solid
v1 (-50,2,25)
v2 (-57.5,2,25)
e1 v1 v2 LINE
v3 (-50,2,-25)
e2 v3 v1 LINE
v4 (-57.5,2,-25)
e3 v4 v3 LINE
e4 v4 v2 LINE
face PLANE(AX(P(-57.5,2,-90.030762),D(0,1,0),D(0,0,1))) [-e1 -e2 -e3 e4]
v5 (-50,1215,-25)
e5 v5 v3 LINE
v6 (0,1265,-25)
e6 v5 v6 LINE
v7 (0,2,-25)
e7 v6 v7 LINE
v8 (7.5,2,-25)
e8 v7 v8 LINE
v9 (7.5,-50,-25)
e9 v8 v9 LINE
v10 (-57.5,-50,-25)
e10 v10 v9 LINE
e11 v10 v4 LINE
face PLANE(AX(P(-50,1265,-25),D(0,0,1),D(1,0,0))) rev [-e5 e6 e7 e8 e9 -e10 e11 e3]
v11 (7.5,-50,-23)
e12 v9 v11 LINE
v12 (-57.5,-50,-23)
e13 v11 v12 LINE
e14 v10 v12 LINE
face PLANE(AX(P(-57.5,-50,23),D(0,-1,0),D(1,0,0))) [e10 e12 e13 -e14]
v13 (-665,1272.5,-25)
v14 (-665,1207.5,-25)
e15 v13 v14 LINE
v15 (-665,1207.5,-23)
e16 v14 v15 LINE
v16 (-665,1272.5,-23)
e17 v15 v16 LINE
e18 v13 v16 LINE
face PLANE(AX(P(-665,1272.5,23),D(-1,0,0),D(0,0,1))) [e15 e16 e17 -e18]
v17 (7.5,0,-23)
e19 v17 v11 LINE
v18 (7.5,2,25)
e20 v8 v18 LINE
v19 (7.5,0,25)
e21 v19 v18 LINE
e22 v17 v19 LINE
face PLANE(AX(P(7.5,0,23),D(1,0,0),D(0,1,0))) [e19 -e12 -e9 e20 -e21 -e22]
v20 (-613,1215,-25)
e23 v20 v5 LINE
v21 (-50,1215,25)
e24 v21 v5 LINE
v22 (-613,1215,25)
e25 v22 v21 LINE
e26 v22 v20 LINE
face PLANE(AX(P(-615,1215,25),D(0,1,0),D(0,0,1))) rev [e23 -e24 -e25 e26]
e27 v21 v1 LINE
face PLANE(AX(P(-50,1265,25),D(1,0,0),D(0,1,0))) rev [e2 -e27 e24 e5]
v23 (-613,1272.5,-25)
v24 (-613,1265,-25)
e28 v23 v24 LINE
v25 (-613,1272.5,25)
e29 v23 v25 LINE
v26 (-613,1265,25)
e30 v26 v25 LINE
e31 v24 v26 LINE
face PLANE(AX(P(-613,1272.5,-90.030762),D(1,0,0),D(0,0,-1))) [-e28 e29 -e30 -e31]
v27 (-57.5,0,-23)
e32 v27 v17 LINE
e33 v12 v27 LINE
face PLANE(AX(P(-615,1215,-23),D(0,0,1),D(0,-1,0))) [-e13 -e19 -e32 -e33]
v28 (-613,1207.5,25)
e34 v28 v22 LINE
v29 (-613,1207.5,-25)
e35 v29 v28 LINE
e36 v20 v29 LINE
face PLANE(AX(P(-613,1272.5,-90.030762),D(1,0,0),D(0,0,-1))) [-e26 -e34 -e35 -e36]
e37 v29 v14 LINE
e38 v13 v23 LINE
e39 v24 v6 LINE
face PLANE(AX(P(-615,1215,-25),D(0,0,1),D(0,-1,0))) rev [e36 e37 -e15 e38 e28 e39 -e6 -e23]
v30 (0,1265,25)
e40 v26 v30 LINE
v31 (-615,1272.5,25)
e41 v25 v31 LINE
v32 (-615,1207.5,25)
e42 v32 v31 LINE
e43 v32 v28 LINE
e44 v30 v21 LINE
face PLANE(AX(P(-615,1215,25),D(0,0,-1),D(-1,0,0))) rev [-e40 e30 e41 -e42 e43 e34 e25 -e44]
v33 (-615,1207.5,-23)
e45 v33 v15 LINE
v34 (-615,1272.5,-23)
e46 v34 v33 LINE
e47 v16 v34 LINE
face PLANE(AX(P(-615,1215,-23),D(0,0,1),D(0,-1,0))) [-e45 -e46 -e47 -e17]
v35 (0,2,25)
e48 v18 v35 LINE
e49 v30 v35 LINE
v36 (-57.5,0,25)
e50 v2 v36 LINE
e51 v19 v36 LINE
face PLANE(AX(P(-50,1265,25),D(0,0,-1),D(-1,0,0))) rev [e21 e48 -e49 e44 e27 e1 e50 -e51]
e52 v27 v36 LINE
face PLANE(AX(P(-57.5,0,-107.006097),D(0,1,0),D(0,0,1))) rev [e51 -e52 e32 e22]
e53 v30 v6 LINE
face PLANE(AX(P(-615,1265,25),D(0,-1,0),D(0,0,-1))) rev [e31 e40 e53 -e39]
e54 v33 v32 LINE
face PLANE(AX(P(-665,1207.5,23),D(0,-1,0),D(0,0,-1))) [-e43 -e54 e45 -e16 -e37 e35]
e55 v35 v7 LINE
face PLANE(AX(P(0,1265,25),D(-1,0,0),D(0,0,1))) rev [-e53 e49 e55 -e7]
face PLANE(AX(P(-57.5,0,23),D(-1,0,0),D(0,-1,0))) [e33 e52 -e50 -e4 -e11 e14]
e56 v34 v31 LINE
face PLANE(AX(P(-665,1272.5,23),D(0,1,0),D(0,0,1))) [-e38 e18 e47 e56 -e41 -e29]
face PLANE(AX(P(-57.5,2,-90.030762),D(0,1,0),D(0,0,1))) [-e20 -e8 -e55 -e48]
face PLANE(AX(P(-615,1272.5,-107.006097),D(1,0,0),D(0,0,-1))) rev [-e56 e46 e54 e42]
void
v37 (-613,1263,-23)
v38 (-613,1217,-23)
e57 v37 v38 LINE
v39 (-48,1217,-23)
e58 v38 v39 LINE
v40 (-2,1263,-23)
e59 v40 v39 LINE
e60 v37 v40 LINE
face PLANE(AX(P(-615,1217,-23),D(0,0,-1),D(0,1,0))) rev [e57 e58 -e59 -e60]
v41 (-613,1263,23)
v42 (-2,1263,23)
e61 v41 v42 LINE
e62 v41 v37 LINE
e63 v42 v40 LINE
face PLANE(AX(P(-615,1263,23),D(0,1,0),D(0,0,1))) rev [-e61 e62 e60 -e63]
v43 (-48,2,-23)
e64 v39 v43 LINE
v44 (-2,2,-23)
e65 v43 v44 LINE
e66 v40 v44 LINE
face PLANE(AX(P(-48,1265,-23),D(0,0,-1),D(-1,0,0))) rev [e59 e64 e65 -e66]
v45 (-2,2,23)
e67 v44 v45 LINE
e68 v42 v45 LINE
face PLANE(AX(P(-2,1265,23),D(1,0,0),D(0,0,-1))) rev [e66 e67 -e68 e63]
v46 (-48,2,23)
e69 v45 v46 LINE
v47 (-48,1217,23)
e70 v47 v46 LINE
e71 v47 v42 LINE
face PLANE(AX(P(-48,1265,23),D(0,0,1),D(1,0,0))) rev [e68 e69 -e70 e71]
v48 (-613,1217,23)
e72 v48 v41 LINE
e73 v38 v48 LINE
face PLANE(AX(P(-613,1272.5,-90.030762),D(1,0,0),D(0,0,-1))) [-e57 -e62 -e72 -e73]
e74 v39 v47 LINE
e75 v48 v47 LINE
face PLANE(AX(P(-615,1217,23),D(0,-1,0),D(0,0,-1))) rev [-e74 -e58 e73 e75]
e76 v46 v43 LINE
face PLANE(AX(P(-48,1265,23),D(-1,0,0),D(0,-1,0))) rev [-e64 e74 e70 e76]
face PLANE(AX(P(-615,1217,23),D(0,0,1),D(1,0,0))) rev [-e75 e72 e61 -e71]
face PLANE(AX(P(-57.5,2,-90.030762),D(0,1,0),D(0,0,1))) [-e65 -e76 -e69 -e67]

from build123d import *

# Parameters (mm, degrees)
SKETCH2_W           = 50
SKETCH2_H           = 50
SKETCH2_W_2         = 46
SKETCH2_H_2         = 46
SKETCH3_W           = 65
SKETCH3_H           = 50
BOSS_EXTRUDE1_DEPTH = 2
SKETCH4_W           = 50
SKETCH4_H           = 65
BOSS_EXTRUDE2_DEPTH = 2
SKETCH5_W           = 2
SKETCH5_H           = 65
SKETCH5_W_2         = 65
SKETCH5_H_2         = 2
BOSS_EXTRUDE3_DEPTH = 50
SKETCH6_W           = 65
SKETCH6_H           = 50
SKETCH6_W_2         = 50
SKETCH6_H_2         = 65
BOSS_EXTRUDE4_DEPTH = 48
SKETCH7_W           = 50
SKETCH7_H           = 65
SKETCH7_W_2         = 65
SKETCH7_H_2         = 50
CUT_EXTRUDE1_DEPTH  = 48


with BuildPart() as part:
    # Sweep1: sweep along a path in Sketch1
    with BuildLine(Plane.XY) as sweep1_path:
        Line((-615, 1265), (0, 1265))
        Line((0, 1265), (0, 0))
    # Sketch2 → Sweep1 (sweep)
    with BuildSketch(Plane(origin=(0, 0, 0), x_dir=(1, 0, 0), z_dir=(0, 1, 0))):
        with Locations((-25, 0)):
            Rectangle(SKETCH2_W, SKETCH2_H)
        with Locations((-25, 0)):
            Rectangle(SKETCH2_W_2, SKETCH2_H_2, mode=Mode.SUBTRACT)
    sweep(path=sweep1_path.line, transition=Transition.RIGHT)

    # Sketch3 → Boss-Extrude1 (add)
    with BuildSketch(Plane.XY.offset(25)):
        with Locations((-25, -25)):
            Rectangle(SKETCH3_W, SKETCH3_H)
    extrude(amount=-BOSS_EXTRUDE1_DEPTH)

    # Sketch4 → Boss-Extrude2 (add)
    with BuildSketch(Plane.XY.offset(25)):
        with Locations((-640, 1240)):
            Rectangle(SKETCH4_W, SKETCH4_H)
    extrude(amount=-BOSS_EXTRUDE2_DEPTH)

    # Sketch5 → Boss-Extrude3 (add)
    with BuildSketch(Plane.XY.offset(25)):
        with Locations((-614, 1240)):
            Rectangle(SKETCH5_W, SKETCH5_H)
        with Locations((-25, 1)):
            Rectangle(SKETCH5_W_2, SKETCH5_H_2)
    extrude(amount=-BOSS_EXTRUDE3_DEPTH)

    # Sketch6 → Boss-Extrude4 (add)
    with BuildSketch(Plane(origin=(0, 0, 23), x_dir=(-1, 0, 0), z_dir=(0, 0, -1))):
        with Locations((25, -25)):
            Rectangle(SKETCH6_W, SKETCH6_H)
        with Locations((640, 1240)):
            Rectangle(SKETCH6_W_2, SKETCH6_H_2)
    extrude(amount=BOSS_EXTRUDE4_DEPTH)

    # Sketch7 → Cut-Extrude1 (cut)
    with BuildSketch(Plane.XY.offset(25)):
        with Locations((-640, 1240)):
            Rectangle(SKETCH7_W, SKETCH7_H)
        with Locations((-25, -25)):
            Rectangle(SKETCH7_W_2, SKETCH7_H_2)
    extrude(amount=-CUT_EXTRUDE1_DEPTH, mode=Mode.SUBTRACT)


solid = part.part
